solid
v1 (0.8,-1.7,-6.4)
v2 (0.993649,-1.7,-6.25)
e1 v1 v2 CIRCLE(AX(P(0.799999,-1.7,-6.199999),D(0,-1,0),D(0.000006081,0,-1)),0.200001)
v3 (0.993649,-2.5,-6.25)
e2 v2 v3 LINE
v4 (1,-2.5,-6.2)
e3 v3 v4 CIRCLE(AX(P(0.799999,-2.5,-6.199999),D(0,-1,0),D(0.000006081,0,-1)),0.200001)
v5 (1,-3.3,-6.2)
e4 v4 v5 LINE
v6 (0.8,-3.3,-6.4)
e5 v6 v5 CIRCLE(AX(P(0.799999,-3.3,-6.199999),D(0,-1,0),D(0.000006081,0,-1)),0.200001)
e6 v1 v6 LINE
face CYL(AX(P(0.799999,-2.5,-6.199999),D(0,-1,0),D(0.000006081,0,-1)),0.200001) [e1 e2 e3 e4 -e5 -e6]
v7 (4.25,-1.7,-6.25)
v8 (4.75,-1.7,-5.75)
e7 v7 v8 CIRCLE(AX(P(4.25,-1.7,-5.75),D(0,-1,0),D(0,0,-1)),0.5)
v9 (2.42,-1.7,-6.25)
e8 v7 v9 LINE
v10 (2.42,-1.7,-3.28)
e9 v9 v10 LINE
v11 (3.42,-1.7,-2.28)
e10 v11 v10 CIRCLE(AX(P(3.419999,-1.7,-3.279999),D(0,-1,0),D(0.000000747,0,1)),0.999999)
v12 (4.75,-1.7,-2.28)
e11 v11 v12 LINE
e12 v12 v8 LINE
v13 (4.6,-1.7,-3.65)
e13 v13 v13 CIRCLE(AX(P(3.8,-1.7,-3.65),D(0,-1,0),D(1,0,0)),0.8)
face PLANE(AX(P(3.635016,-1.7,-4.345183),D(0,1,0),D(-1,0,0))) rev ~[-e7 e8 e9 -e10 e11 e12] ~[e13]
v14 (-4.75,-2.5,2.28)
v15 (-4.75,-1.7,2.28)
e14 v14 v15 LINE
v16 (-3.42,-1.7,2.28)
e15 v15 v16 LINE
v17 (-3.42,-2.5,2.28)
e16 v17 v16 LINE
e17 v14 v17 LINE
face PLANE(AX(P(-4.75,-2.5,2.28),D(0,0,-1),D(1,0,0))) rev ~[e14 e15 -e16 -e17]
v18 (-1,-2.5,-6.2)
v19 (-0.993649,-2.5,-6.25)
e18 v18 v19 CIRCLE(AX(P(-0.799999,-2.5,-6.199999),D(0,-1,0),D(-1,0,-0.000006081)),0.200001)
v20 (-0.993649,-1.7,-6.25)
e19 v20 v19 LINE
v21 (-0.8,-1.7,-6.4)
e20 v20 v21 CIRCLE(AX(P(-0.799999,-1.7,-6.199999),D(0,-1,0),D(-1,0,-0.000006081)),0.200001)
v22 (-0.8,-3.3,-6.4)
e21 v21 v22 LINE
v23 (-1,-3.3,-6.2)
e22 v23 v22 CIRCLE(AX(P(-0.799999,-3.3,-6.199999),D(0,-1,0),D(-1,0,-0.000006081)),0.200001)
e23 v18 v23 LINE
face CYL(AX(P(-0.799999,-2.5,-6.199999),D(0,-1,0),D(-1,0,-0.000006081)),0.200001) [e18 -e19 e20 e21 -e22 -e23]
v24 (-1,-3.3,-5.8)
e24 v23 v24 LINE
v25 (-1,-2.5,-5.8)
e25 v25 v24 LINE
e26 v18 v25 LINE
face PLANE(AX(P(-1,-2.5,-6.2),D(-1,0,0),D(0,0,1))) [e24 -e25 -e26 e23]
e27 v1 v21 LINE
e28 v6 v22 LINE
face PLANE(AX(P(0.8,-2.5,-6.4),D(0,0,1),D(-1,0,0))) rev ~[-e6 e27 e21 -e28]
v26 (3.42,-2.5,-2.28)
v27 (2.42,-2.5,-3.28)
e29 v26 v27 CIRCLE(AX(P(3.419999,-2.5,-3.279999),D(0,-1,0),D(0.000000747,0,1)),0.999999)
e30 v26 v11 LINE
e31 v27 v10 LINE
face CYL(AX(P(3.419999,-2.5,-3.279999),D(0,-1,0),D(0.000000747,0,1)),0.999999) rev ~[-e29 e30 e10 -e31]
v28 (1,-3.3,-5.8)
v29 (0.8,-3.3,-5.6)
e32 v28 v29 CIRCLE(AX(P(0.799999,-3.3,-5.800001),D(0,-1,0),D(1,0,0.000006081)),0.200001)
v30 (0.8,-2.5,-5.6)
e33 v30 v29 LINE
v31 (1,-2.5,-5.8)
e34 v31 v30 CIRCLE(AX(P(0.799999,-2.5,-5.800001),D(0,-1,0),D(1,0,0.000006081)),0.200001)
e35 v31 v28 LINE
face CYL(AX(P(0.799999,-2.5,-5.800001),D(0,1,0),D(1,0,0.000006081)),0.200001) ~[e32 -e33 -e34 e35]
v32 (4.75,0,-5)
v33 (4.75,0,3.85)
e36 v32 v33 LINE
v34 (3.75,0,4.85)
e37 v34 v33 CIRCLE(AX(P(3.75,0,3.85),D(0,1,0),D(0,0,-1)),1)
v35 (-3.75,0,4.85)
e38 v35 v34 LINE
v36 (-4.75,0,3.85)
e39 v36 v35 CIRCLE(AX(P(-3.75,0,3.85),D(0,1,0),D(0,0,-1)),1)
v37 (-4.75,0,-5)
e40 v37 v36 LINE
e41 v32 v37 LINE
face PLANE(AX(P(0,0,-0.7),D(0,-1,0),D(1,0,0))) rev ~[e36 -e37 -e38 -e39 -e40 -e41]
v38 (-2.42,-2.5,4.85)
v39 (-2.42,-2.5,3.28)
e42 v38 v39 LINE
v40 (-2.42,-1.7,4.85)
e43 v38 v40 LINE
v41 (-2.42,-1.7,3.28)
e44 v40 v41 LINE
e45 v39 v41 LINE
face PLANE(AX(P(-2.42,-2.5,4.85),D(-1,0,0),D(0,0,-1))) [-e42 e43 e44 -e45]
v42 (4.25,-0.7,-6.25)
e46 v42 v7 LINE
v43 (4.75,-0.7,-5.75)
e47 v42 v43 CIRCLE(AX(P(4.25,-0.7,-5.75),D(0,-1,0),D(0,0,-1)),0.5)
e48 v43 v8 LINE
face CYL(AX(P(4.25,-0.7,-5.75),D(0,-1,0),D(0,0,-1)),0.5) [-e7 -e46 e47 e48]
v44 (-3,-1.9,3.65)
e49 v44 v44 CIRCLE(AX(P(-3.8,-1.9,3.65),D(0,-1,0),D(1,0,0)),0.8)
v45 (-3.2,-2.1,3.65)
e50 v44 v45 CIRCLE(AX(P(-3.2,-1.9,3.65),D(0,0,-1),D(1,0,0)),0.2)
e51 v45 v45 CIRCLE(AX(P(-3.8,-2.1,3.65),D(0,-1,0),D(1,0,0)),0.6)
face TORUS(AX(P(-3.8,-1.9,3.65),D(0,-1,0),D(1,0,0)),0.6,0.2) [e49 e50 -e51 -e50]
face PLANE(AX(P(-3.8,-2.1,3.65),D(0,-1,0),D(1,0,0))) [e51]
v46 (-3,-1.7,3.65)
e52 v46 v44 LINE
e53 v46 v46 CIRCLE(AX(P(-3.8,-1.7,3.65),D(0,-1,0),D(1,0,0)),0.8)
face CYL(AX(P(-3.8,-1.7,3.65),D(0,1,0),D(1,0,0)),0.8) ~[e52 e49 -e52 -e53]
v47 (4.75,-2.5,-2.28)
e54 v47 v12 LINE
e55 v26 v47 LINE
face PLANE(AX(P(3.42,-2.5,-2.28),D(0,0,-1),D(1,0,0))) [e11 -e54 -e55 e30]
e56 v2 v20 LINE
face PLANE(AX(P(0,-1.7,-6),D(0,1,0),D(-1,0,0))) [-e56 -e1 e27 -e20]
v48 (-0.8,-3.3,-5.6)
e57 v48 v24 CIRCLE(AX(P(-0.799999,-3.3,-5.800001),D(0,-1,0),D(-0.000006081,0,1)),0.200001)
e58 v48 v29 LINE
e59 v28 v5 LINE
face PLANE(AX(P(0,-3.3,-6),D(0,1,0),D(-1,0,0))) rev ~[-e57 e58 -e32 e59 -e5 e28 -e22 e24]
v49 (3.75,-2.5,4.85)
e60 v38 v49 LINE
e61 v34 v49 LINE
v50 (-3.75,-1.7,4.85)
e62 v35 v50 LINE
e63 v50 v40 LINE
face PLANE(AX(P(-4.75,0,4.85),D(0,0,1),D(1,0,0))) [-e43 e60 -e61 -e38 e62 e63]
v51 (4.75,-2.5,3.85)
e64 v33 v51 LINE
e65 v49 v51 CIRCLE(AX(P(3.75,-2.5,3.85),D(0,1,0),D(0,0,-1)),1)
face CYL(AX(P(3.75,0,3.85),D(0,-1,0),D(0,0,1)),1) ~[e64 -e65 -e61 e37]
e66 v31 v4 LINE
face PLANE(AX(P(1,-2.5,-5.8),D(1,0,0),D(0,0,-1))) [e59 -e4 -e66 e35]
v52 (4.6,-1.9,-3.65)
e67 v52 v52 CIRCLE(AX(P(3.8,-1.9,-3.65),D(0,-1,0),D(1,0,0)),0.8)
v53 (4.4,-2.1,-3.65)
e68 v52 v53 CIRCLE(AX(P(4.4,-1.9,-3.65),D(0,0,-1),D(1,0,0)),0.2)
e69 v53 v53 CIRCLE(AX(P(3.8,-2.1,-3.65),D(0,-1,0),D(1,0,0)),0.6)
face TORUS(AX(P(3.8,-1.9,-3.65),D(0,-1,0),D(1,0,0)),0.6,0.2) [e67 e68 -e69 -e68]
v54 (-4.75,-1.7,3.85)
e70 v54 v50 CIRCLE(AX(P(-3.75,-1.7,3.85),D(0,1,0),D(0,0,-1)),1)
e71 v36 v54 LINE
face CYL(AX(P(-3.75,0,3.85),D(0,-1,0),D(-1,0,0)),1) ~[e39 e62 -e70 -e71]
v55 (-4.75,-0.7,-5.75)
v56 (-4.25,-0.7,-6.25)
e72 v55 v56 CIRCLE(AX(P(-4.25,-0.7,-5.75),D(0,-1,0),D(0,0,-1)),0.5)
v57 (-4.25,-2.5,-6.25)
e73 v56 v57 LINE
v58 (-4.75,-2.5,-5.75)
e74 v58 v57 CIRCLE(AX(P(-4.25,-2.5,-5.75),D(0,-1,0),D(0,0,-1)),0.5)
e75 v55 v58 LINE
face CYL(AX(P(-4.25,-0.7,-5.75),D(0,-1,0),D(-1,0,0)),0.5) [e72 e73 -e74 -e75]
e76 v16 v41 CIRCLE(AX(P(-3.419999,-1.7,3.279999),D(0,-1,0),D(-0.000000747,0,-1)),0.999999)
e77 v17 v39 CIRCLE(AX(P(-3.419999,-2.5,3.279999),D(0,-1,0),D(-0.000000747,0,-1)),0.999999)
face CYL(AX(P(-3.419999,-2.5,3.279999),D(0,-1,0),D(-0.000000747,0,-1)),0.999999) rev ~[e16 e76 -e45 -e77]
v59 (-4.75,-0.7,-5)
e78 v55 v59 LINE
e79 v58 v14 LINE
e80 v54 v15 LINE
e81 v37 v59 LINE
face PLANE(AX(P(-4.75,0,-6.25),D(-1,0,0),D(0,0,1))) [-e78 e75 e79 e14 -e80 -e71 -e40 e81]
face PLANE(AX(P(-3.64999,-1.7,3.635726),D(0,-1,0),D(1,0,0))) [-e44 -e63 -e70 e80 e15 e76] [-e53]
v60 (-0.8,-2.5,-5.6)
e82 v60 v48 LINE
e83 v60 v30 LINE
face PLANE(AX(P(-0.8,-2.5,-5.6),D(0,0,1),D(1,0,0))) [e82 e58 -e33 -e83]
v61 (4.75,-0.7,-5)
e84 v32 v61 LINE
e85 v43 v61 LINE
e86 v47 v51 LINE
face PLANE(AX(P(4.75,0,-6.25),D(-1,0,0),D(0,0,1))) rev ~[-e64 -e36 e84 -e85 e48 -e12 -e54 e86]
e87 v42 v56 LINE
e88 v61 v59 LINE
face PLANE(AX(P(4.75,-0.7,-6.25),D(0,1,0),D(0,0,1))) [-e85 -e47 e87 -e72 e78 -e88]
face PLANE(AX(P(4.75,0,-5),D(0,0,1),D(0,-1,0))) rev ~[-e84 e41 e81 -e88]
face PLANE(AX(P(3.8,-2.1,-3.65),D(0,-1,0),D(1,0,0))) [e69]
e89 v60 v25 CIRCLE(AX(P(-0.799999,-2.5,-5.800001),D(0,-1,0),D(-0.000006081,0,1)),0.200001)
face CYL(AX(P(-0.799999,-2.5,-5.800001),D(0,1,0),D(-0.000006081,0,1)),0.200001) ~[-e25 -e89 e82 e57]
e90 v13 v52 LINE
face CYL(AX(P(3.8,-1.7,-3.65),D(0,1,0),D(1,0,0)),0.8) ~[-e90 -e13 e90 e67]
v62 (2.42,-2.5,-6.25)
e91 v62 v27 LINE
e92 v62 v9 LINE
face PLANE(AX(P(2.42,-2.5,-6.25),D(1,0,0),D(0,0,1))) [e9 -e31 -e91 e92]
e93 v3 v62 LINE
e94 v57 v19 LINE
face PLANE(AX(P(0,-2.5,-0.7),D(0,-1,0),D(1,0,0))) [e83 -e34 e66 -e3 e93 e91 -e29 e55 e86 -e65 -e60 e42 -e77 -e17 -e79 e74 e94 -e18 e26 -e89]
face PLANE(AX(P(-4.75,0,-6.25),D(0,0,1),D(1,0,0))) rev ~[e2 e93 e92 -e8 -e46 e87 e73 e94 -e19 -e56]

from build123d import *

# Parameters (mm, degrees)
SKETCH_W          = 9.5
SKETCH_H          = 11.1
PAD_DEPTH         = 2.5
POCKET_DEPTH      = 0.8
SKETCH002_R       = 0.8
PAD001_DEPTH      = 0.4
SKETCH003_R       = 0.8
PAD002_DEPTH      = 0.4
FILLET_R          = 0.2
SKETCH004_W       = 1.25
SKETCH004_H       = 0.7
POCKET001_DEPTH   = 9.5
FILLET001_R       = 1
FILLET002_R       = 0.5
PAD003_DEPTH      = 0.8
PAD003_DEPTH_BACK = 0.8


with BuildPart() as part:
    # Sketch → Pad (new body)
    with BuildSketch(Plane.XZ):
        with Locations((0, -0.7)):
            Rectangle(SKETCH_W, SKETCH_H)
    extrude(amount=PAD_DEPTH)

    # Sketch001 (on Face6 of Pad) → Pocket (cut)
    with BuildSketch(Plane.XZ.offset(2.5)):
        with BuildLine():
            Line((3.42, -2.28), (4.75, -2.28))
            Line((4.75, -2.28), (4.75, -6.25))
            Line((4.75, -6.25), (2.42, -6.25))
            Line((2.42, -6.25), (2.42, -3.28))
            ThreePointArc((3.42, -2.28), (2.712893, -2.572893), (2.42, -3.28))
        make_face()
        with BuildLine():
            Line((-4.75, 4.85), (-4.75, 2.28))
            Line((-4.75, 2.28), (-3.42, 2.28))
            ThreePointArc((-3.42, 2.28), (-2.712893, 2.572893), (-2.42, 3.28))
            Line((-2.42, 4.85), (-2.42, 3.28))
            Line((-4.75, 4.85), (-2.42, 4.85))
        make_face()
    extrude(amount=-POCKET_DEPTH, mode=Mode.SUBTRACT)

    # Sketch002 (on Face9 of Pocket) → Pad001 (join)
    with BuildSketch(Plane.XZ.offset(1.7)):
        with Locations((3.8, -3.65)):
            Circle(SKETCH002_R)
    extrude(amount=PAD001_DEPTH)

    # Sketch003 (on Face6 of Pad001) → Pad002 (join)
    with BuildSketch(Plane.XZ.offset(1.7)):
        with Locations((-3.8, 3.65)):
            Circle(SKETCH003_R)
    extrude(amount=PAD002_DEPTH)

    # Fillet
    fillet_edges = [part.edges().sort_by_distance(p)[0] for p in [
        (-4.6, -2.1, 3.65),
        (3, -2.1, -3.65),
    ]]
    fillet(fillet_edges, radius=FILLET_R)

    # Sketch004 (on Face13 of Fillet) → Pocket001 (cut)
    with BuildSketch(Plane(origin=(4.75, 0, 0), x_dir=(0, 0, 1), z_dir=(1, 0, 0))):
        with Locations((-5.625, 0.35)):
            Rectangle(SKETCH004_W, SKETCH004_H)
    extrude(amount=-POCKET001_DEPTH, mode=Mode.SUBTRACT)

    # Fillet001
    fillet001_edges = [part.edges().sort_by_distance(p)[0] for p in [
        (4.75, -1.25, 4.85),
        (-4.75, -0.85, 4.85),
    ]]
    fillet(fillet001_edges, radius=FILLET001_R)

    # Fillet002
    fillet002_edges = [part.edges().sort_by_distance(p)[0] for p in [
        (-4.75, -1.6, -6.25),
        (4.75, -1.2, -6.25),
    ]]
    fillet(fillet002_edges, radius=FILLET002_R)

    # Sketch005 (on Face5 of Fillet002) → Pad003 (join, two sides)
    with BuildSketch(Plane.XZ.offset(2.5)) as pad003_sk:
        with BuildLine():
            Line((-0.8, -5.6), (0.8, -5.6))
            ThreePointArc((1, -5.8), (0.941421, -5.658579), (0.8, -5.6))
            Line((1, -5.8), (1, -6.2))
            ThreePointArc((0.8, -6.4), (0.941421, -6.341421), (1, -6.2))
            Line((0.8, -6.4), (-0.8, -6.4))
            ThreePointArc((-1, -6.2), (-0.941421, -6.341421), (-0.8, -6.4))
            Line((-1, -6.2), (-1, -5.8))
            ThreePointArc((-0.8, -5.6), (-0.941421, -5.658579), (-1, -5.8))
        make_face()
    extrude(amount=PAD003_DEPTH)
    extrude(pad003_sk.sketch, amount=-PAD003_DEPTH_BACK)


solid = part.part
